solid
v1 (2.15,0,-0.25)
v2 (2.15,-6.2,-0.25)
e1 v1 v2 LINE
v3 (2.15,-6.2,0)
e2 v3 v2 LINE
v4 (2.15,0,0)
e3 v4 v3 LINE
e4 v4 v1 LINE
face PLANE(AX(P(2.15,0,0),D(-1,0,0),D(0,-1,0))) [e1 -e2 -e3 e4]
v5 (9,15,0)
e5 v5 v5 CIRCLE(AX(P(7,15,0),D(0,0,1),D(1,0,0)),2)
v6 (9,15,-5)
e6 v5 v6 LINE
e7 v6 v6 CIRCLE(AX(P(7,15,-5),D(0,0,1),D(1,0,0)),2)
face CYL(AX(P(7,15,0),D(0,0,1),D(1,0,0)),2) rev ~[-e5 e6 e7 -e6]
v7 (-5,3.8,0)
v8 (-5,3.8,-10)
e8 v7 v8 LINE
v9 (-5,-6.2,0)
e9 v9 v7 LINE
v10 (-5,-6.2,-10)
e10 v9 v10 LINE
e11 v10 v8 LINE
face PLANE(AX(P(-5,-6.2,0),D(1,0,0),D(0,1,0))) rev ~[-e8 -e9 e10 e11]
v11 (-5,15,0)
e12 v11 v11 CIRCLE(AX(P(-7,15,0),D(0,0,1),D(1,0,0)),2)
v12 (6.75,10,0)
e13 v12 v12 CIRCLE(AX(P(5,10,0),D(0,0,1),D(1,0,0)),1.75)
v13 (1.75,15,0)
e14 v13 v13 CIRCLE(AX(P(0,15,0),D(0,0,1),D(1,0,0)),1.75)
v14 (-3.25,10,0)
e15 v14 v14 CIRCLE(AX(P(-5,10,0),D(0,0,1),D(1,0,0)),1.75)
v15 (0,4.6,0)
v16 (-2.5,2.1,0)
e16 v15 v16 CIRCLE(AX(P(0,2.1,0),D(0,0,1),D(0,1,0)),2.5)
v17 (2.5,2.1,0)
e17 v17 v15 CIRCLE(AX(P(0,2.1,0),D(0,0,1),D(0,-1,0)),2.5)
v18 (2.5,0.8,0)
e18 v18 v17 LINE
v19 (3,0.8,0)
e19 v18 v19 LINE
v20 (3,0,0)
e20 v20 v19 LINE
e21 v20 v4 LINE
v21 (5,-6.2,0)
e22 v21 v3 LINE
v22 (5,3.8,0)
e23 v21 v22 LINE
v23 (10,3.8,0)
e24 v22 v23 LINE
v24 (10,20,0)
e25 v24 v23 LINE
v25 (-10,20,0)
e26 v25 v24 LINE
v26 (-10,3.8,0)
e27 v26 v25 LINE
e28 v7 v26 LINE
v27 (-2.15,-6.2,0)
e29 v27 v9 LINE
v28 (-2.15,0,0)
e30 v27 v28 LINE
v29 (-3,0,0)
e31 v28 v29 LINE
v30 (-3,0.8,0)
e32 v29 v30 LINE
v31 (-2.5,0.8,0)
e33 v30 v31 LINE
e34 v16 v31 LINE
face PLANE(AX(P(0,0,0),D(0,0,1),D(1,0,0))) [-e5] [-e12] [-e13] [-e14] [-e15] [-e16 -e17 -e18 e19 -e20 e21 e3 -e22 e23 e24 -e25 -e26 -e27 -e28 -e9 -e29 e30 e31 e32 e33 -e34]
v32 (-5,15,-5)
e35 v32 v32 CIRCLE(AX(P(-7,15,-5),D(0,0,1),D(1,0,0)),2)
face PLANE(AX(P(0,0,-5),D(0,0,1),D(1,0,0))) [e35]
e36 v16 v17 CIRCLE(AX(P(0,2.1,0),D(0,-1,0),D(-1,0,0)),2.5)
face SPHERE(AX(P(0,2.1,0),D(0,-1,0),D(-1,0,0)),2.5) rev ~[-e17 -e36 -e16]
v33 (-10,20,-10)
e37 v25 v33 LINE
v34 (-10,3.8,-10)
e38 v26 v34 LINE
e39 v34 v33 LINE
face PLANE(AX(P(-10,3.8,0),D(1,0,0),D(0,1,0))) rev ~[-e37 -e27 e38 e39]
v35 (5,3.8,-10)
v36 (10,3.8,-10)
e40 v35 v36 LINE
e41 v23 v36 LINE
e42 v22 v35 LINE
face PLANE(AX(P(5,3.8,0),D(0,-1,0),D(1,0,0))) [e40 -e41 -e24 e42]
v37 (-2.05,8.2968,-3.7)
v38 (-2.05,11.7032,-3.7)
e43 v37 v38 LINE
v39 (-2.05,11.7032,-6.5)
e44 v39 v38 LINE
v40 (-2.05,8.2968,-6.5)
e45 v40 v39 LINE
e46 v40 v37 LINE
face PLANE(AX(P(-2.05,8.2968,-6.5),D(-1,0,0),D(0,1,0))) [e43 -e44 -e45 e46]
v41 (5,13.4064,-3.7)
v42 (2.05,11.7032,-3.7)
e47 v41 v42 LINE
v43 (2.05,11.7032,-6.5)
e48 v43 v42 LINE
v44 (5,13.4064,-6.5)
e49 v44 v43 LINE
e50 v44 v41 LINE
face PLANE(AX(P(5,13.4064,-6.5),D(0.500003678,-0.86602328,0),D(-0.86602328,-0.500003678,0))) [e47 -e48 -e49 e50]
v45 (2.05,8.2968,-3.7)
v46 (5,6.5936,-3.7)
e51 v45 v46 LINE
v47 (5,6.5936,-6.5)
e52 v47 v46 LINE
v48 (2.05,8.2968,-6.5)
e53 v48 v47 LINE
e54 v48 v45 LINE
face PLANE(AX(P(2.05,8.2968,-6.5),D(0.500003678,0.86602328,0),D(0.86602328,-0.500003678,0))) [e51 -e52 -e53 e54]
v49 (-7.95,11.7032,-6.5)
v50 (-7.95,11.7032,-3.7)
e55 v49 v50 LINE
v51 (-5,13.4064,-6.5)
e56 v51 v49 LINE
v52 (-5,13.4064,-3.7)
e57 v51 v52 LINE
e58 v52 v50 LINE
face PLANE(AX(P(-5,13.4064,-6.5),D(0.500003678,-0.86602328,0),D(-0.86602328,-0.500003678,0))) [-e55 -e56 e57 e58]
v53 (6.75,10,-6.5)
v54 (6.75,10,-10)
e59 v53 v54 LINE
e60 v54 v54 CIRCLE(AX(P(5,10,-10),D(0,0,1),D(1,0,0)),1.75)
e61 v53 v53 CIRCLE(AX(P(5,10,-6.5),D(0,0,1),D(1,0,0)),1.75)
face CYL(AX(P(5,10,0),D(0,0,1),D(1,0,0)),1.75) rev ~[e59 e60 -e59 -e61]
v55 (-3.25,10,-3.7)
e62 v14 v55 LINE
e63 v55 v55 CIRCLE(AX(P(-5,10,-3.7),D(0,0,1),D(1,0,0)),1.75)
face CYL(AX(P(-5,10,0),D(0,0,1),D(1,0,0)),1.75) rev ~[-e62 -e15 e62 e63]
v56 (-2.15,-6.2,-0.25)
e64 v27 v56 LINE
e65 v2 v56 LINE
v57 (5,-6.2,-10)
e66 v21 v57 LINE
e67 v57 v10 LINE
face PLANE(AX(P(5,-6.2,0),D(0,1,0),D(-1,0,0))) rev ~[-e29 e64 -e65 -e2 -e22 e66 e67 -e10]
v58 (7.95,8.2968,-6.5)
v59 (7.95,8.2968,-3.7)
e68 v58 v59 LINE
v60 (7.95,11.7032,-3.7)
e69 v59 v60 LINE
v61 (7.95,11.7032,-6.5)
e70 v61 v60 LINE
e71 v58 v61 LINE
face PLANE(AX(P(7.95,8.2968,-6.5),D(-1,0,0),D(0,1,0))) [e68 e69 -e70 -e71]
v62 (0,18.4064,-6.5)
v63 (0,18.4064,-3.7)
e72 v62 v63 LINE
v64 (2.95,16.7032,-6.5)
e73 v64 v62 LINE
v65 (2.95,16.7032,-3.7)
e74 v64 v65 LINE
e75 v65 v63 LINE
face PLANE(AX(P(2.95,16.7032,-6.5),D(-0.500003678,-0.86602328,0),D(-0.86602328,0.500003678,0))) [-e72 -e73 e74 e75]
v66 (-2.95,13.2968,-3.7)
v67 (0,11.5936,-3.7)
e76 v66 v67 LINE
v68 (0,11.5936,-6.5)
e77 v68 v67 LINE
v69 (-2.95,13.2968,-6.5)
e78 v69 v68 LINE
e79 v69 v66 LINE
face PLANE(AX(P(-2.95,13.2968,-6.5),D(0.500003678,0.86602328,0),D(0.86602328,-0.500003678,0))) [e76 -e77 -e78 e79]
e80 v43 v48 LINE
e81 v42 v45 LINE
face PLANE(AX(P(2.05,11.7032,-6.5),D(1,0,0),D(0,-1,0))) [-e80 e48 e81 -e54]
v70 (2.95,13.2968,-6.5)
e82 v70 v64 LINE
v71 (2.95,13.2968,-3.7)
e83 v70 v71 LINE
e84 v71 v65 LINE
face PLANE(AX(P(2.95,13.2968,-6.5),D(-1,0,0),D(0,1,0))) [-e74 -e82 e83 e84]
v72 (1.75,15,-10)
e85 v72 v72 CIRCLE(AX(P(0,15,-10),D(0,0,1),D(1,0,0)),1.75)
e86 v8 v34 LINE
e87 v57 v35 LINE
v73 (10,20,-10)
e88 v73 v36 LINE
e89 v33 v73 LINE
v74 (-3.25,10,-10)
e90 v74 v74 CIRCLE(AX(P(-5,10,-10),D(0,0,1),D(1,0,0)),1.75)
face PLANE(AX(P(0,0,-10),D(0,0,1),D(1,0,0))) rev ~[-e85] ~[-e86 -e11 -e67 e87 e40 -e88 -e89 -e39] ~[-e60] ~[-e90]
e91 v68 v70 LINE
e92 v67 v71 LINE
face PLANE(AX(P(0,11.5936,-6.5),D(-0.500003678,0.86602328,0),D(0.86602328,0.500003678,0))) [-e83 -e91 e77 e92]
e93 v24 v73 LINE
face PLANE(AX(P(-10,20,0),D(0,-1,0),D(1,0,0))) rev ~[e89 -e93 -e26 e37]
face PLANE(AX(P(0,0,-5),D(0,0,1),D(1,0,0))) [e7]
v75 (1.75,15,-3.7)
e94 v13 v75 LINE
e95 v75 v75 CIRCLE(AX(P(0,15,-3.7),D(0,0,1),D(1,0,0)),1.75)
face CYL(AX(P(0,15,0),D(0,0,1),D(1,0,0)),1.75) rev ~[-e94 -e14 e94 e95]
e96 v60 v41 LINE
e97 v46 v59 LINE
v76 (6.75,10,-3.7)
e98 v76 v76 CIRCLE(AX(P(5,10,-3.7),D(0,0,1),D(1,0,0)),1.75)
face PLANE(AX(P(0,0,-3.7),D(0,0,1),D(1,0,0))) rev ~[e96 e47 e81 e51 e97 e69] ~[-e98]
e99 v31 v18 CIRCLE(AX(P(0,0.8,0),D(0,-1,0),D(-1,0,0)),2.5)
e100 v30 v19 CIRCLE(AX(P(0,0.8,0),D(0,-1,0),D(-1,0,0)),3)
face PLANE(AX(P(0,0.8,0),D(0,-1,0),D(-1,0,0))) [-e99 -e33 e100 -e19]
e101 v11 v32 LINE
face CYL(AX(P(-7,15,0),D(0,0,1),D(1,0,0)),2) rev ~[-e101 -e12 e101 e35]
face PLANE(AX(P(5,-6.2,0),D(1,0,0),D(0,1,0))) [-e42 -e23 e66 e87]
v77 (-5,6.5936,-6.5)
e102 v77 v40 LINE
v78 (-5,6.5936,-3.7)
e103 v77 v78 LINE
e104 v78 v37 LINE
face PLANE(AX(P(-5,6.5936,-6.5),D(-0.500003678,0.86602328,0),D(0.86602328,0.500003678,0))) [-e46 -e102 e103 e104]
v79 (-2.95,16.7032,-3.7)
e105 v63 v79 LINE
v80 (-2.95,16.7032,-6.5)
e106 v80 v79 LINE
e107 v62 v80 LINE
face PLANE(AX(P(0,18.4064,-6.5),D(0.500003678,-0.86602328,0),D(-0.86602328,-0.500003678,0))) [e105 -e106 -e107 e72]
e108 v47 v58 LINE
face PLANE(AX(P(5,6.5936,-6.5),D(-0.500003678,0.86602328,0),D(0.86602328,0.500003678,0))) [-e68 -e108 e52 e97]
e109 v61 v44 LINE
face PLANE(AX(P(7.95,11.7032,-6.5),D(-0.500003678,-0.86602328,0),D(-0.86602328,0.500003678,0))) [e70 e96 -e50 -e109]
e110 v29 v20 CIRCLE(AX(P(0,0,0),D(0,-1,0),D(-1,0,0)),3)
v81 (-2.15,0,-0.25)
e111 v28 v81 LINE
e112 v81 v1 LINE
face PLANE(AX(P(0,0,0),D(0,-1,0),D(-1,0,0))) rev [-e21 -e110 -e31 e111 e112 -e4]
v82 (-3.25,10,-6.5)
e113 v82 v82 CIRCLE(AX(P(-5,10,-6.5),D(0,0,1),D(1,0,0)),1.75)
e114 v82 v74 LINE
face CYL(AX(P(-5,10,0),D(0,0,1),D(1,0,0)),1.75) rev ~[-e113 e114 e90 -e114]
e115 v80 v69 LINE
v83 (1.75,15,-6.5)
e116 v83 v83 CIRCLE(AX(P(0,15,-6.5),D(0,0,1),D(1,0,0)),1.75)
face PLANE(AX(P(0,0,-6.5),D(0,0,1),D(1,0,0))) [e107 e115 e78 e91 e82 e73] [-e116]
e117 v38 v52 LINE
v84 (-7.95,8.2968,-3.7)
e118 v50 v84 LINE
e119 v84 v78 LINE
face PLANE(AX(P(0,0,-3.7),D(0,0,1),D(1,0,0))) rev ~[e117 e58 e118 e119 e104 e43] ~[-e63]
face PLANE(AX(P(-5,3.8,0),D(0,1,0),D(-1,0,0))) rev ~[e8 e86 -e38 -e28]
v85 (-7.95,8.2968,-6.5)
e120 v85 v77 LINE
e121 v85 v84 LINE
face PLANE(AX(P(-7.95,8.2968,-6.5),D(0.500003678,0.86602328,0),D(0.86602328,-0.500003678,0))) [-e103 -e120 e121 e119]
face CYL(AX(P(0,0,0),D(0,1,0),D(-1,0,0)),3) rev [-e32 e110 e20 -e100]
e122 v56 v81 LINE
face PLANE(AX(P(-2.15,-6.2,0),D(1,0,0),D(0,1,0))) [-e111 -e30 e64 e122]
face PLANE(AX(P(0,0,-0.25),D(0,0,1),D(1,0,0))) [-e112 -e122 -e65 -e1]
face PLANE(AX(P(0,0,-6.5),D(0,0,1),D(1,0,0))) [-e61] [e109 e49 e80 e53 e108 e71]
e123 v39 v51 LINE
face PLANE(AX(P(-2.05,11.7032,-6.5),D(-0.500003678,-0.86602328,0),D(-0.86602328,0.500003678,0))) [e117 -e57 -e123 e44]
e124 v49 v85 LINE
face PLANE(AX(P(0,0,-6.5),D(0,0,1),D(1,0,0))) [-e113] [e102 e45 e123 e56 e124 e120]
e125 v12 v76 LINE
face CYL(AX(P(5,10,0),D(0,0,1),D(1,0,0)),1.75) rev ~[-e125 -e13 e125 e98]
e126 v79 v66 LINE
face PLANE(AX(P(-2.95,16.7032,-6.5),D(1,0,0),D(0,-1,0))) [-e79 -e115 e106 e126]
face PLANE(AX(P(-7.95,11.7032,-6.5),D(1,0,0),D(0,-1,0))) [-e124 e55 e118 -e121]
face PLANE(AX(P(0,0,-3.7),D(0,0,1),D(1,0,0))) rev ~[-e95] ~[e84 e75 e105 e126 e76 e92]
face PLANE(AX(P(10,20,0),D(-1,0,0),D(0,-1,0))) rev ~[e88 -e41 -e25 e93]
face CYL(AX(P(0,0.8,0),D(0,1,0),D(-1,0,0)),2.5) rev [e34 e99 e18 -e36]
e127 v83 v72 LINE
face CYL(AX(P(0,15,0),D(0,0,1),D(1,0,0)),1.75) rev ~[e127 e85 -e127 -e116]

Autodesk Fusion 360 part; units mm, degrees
sketch "Skizze1" plane through (0, 0, 0) normal (0, 0, 1) x (1, 0, 0)
  line L0 (-3, 0) -> (-3, 0.8)
  line L1 (-3, 0.8) -> (-2.5, 0.8)
  line L2 (-2.5, 0.8) -> (-2.5, 2.1)
  line L3 (-8.4843, 2.1) -> (11.6981, 2.1) construction
  line L4 (0, 9) -> (0, -6.2163) construction
  arc A0 (0, 4.6) -> (-2.5, 2.1) centre (0, 2.1) ccw
  line L5 (0, 4.6) -> (0, 0)
  line L6 (0, 0) -> (-3, 0)
  line L7 (2.5, 2) -> (4.5, 2)
  line L8 (4.5, 2) -> (4.5, -2)
  line L9 (4.5, -2) -> (2.5, -2)
  line L10 (2.5, -2) -> (2.5, 2)
  line L11 (-4.5, 2) -> (-2.5, 2)
  line L12 (-2.5, 2) -> (-2.5, -2)
  line L13 (-2.5, -2) -> (-4.5, -2)
  line L14 (-4.5, -2) -> (-4.5, 2)
  point P0 (0, 2.1)
  dimension "d1" = 3
  dimension "d2" = 0.8
  dimension "d3" = 2.5
  dimension "d7" = 2.5
  dimension "d8" = 2
  dimension "d9" = 2
  dimension "d10" = 2
  dimension "d117" = 2.5
  dimension "d119" = 2
  dimension "d120" = 2
  dimension "d121" = 2
  dimension "d122" = 2.1
  dimension "d123" = 4.6
revolve "Drehen1" add sketch "Skizze1" angle 360 about axis through (0, 9, 0) along (0, -1, 0) contours L0 L1 L6 L12 | L2 A0 L5 L6 L12 makes body 1
sketch "Skizze2" plane through (0, 0, 0) normal (0, 0, 1) x (1, 0, 0)
  line L0 (-10, 20) -> (10, 20)
  line L1 (10, 20) -> (10, -6.2)
  line L2 (10, -6.2) -> (-10, -6.2)
  line L3 (-10, -6.2) -> (-10, 20)
  line L4 (0, 21.3723) -> (0, -17) construction
  line L5 (-26.2349, 0) -> (38.3962, 0) construction
  line L6 (5, -6.2) -> (5, 3.8)
  line L7 (5, 3.8) -> (10, 3.8)
  line L8 (-5, -6.2) -> (-5, 3.8)
  line L9 (-5, 3.8) -> (-10, 3.8)
  line L10 (-17, 10) -> (24.4562, 10) construction
  line L11 (-5, 26) -> (-5, 5) construction
  line L12 (5, 25.6741) -> (5, 5) construction
  circle A0 centre (-5, 10) radius 1.75
  circle A1 centre (5, 10) radius 1.75
  line L13 (-16, 15) -> (36.57, 15) construction
  circle A2 centre (0, 15) radius 1.75
  line L14 (-7, 22.2425) -> (-7, -4.6464) construction
  line L15 (7, 22.2425) -> (7, -3.3633) construction
  circle A3 centre (-7, 15) radius 2
  circle A4 centre (7, 15) radius 2
  dimension "d13" = 10
  dimension "d14" = 10
  dimension "d15" = 6.2
  dimension "d16" = 20
  dimension "d32" = 5
  dimension "d33" = 10
  dimension "d34" = 5
  dimension "d35" = 10
  dimension "d36" = 10
  dimension "d37" = 5
  dimension "d38" = 5
  dimension "d39" = 3.5
  dimension "d40" = 3.5
  dimension "d41" = 5
  dimension "d42" = 3.5
  dimension "d53" = 7
  dimension "d54" = 7
extrude "Extrusion2" add sketch "Skizze2" against normal blind 10 separate body contours L0 L1 L2 L3 L6 L7 L8 L9 | A3 | A4 makes body 2
extrude "Extrusion7" cut sketch "Skizze2" against normal blind 5 contours A3 | A4 bodies 2
combine "Kombinieren1" operation cut target body 2 tool bodies 1
sketch "Skizze4" plane through (0, 0, 0) normal (0, 0, 1) x (1, 0, 0)
  line L0 (2.15, -6.2) -> (-2.15, -6.2)
  line L1 (-2.15, -6.2) -> (-2.15, 0)
  line L2 (-2.15, 0) -> (2.15, 0)
  line L3 (2.15, 0) -> (2.15, -6.2)
  line L4 (2.15, -6.2) -> (-2.15, 0) construction
  line L5 (-2.15, -6.2) -> (2.15, 0) construction
  line L6 (0, 9.7025) -> (0, -8.7035) construction
  line L7 (-7.2352, -6.2) -> (6.1757, -6.2) construction
  point P0 (0, -3.1)
  point P1 (0, -6.2)
  dimension "d21" = 4.3
  dimension "d22" = 6.2
extrude "Extrusion4" cut sketch "Skizze4" against normal blind 0.25 bodies 2
ref_plane "Arbeitsebene1" through (0, 0, -6.5) normal (0, 0, 1) x (1, 0, 0)
sketch "Skizze7" plane through (0, 0, -6.5) normal (0, 0, 1) x (1, 0, 0)
  line L0 (-16.0259, 10) -> (20, 10) construction
  line L1 (-5, 21.68) -> (-5, -11.619) construction
  line L2 (5, 22.2413) -> (5, -12.5543) construction
  line L3 (-2.05, 11.7032) -> (-5, 13.4064)
  line L4 (-5, 13.4064) -> (-7.95, 11.7032)
  line L5 (-7.95, 11.7032) -> (-7.95, 8.2968)
  line L6 (-7.95, 8.2968) -> (-5, 6.5936)
  line L7 (-5, 6.5936) -> (-2.05, 8.2968)
  line L8 (-2.05, 8.2968) -> (-2.05, 11.7032)
  line L9 (7.95, 11.7032) -> (5, 13.4064)
  line L10 (5, 13.4064) -> (2.05, 11.7032)
  line L11 (2.05, 11.7032) -> (2.05, 8.2968)
  line L12 (2.05, 8.2968) -> (5, 6.5936)
  line L13 (5, 6.5936) -> (7.95, 8.2968)
  line L14 (7.95, 8.2968) -> (7.95, 11.7032)
  line L15 (-15.7752, 15) -> (18.7006, 15) construction
  line L16 (0, 22.633) -> (0, -9.7229) construction
  line L17 (2.95, 16.7032) -> (0, 18.4064)
  line L18 (0, 18.4064) -> (-2.95, 16.7032)
  line L19 (-2.95, 16.7032) -> (-2.95, 13.2968)
  line L20 (-2.95, 13.2968) -> (0, 11.5936)
  line L21 (0, 11.5936) -> (2.95, 13.2968)
  line L22 (2.95, 13.2968) -> (2.95, 16.7032)
  point P0 (-5, 10)
  point P1 (5, 10)
  point P2 (-5, 10)
  point P3 (5, 10)
  point P4 (0, 15)
  point P5 (0, 15)
  dimension "d44" = 10
  dimension "d45" = 5
  dimension "d46" = 5
  dimension "d47" = 5.9
  dimension "d48" = 5.9
  dimension "d51" = 15
  dimension "d52" = 5.9
extrude "Extrusion6" cut sketch "Skizze7" along normal blind 2.8 bodies 2
equation "d3 = d"
equation "d7 = d"
equation "d117 = d"
equation "d = 2.5 mm"
equation "d122 = 4.6 mm - d"
